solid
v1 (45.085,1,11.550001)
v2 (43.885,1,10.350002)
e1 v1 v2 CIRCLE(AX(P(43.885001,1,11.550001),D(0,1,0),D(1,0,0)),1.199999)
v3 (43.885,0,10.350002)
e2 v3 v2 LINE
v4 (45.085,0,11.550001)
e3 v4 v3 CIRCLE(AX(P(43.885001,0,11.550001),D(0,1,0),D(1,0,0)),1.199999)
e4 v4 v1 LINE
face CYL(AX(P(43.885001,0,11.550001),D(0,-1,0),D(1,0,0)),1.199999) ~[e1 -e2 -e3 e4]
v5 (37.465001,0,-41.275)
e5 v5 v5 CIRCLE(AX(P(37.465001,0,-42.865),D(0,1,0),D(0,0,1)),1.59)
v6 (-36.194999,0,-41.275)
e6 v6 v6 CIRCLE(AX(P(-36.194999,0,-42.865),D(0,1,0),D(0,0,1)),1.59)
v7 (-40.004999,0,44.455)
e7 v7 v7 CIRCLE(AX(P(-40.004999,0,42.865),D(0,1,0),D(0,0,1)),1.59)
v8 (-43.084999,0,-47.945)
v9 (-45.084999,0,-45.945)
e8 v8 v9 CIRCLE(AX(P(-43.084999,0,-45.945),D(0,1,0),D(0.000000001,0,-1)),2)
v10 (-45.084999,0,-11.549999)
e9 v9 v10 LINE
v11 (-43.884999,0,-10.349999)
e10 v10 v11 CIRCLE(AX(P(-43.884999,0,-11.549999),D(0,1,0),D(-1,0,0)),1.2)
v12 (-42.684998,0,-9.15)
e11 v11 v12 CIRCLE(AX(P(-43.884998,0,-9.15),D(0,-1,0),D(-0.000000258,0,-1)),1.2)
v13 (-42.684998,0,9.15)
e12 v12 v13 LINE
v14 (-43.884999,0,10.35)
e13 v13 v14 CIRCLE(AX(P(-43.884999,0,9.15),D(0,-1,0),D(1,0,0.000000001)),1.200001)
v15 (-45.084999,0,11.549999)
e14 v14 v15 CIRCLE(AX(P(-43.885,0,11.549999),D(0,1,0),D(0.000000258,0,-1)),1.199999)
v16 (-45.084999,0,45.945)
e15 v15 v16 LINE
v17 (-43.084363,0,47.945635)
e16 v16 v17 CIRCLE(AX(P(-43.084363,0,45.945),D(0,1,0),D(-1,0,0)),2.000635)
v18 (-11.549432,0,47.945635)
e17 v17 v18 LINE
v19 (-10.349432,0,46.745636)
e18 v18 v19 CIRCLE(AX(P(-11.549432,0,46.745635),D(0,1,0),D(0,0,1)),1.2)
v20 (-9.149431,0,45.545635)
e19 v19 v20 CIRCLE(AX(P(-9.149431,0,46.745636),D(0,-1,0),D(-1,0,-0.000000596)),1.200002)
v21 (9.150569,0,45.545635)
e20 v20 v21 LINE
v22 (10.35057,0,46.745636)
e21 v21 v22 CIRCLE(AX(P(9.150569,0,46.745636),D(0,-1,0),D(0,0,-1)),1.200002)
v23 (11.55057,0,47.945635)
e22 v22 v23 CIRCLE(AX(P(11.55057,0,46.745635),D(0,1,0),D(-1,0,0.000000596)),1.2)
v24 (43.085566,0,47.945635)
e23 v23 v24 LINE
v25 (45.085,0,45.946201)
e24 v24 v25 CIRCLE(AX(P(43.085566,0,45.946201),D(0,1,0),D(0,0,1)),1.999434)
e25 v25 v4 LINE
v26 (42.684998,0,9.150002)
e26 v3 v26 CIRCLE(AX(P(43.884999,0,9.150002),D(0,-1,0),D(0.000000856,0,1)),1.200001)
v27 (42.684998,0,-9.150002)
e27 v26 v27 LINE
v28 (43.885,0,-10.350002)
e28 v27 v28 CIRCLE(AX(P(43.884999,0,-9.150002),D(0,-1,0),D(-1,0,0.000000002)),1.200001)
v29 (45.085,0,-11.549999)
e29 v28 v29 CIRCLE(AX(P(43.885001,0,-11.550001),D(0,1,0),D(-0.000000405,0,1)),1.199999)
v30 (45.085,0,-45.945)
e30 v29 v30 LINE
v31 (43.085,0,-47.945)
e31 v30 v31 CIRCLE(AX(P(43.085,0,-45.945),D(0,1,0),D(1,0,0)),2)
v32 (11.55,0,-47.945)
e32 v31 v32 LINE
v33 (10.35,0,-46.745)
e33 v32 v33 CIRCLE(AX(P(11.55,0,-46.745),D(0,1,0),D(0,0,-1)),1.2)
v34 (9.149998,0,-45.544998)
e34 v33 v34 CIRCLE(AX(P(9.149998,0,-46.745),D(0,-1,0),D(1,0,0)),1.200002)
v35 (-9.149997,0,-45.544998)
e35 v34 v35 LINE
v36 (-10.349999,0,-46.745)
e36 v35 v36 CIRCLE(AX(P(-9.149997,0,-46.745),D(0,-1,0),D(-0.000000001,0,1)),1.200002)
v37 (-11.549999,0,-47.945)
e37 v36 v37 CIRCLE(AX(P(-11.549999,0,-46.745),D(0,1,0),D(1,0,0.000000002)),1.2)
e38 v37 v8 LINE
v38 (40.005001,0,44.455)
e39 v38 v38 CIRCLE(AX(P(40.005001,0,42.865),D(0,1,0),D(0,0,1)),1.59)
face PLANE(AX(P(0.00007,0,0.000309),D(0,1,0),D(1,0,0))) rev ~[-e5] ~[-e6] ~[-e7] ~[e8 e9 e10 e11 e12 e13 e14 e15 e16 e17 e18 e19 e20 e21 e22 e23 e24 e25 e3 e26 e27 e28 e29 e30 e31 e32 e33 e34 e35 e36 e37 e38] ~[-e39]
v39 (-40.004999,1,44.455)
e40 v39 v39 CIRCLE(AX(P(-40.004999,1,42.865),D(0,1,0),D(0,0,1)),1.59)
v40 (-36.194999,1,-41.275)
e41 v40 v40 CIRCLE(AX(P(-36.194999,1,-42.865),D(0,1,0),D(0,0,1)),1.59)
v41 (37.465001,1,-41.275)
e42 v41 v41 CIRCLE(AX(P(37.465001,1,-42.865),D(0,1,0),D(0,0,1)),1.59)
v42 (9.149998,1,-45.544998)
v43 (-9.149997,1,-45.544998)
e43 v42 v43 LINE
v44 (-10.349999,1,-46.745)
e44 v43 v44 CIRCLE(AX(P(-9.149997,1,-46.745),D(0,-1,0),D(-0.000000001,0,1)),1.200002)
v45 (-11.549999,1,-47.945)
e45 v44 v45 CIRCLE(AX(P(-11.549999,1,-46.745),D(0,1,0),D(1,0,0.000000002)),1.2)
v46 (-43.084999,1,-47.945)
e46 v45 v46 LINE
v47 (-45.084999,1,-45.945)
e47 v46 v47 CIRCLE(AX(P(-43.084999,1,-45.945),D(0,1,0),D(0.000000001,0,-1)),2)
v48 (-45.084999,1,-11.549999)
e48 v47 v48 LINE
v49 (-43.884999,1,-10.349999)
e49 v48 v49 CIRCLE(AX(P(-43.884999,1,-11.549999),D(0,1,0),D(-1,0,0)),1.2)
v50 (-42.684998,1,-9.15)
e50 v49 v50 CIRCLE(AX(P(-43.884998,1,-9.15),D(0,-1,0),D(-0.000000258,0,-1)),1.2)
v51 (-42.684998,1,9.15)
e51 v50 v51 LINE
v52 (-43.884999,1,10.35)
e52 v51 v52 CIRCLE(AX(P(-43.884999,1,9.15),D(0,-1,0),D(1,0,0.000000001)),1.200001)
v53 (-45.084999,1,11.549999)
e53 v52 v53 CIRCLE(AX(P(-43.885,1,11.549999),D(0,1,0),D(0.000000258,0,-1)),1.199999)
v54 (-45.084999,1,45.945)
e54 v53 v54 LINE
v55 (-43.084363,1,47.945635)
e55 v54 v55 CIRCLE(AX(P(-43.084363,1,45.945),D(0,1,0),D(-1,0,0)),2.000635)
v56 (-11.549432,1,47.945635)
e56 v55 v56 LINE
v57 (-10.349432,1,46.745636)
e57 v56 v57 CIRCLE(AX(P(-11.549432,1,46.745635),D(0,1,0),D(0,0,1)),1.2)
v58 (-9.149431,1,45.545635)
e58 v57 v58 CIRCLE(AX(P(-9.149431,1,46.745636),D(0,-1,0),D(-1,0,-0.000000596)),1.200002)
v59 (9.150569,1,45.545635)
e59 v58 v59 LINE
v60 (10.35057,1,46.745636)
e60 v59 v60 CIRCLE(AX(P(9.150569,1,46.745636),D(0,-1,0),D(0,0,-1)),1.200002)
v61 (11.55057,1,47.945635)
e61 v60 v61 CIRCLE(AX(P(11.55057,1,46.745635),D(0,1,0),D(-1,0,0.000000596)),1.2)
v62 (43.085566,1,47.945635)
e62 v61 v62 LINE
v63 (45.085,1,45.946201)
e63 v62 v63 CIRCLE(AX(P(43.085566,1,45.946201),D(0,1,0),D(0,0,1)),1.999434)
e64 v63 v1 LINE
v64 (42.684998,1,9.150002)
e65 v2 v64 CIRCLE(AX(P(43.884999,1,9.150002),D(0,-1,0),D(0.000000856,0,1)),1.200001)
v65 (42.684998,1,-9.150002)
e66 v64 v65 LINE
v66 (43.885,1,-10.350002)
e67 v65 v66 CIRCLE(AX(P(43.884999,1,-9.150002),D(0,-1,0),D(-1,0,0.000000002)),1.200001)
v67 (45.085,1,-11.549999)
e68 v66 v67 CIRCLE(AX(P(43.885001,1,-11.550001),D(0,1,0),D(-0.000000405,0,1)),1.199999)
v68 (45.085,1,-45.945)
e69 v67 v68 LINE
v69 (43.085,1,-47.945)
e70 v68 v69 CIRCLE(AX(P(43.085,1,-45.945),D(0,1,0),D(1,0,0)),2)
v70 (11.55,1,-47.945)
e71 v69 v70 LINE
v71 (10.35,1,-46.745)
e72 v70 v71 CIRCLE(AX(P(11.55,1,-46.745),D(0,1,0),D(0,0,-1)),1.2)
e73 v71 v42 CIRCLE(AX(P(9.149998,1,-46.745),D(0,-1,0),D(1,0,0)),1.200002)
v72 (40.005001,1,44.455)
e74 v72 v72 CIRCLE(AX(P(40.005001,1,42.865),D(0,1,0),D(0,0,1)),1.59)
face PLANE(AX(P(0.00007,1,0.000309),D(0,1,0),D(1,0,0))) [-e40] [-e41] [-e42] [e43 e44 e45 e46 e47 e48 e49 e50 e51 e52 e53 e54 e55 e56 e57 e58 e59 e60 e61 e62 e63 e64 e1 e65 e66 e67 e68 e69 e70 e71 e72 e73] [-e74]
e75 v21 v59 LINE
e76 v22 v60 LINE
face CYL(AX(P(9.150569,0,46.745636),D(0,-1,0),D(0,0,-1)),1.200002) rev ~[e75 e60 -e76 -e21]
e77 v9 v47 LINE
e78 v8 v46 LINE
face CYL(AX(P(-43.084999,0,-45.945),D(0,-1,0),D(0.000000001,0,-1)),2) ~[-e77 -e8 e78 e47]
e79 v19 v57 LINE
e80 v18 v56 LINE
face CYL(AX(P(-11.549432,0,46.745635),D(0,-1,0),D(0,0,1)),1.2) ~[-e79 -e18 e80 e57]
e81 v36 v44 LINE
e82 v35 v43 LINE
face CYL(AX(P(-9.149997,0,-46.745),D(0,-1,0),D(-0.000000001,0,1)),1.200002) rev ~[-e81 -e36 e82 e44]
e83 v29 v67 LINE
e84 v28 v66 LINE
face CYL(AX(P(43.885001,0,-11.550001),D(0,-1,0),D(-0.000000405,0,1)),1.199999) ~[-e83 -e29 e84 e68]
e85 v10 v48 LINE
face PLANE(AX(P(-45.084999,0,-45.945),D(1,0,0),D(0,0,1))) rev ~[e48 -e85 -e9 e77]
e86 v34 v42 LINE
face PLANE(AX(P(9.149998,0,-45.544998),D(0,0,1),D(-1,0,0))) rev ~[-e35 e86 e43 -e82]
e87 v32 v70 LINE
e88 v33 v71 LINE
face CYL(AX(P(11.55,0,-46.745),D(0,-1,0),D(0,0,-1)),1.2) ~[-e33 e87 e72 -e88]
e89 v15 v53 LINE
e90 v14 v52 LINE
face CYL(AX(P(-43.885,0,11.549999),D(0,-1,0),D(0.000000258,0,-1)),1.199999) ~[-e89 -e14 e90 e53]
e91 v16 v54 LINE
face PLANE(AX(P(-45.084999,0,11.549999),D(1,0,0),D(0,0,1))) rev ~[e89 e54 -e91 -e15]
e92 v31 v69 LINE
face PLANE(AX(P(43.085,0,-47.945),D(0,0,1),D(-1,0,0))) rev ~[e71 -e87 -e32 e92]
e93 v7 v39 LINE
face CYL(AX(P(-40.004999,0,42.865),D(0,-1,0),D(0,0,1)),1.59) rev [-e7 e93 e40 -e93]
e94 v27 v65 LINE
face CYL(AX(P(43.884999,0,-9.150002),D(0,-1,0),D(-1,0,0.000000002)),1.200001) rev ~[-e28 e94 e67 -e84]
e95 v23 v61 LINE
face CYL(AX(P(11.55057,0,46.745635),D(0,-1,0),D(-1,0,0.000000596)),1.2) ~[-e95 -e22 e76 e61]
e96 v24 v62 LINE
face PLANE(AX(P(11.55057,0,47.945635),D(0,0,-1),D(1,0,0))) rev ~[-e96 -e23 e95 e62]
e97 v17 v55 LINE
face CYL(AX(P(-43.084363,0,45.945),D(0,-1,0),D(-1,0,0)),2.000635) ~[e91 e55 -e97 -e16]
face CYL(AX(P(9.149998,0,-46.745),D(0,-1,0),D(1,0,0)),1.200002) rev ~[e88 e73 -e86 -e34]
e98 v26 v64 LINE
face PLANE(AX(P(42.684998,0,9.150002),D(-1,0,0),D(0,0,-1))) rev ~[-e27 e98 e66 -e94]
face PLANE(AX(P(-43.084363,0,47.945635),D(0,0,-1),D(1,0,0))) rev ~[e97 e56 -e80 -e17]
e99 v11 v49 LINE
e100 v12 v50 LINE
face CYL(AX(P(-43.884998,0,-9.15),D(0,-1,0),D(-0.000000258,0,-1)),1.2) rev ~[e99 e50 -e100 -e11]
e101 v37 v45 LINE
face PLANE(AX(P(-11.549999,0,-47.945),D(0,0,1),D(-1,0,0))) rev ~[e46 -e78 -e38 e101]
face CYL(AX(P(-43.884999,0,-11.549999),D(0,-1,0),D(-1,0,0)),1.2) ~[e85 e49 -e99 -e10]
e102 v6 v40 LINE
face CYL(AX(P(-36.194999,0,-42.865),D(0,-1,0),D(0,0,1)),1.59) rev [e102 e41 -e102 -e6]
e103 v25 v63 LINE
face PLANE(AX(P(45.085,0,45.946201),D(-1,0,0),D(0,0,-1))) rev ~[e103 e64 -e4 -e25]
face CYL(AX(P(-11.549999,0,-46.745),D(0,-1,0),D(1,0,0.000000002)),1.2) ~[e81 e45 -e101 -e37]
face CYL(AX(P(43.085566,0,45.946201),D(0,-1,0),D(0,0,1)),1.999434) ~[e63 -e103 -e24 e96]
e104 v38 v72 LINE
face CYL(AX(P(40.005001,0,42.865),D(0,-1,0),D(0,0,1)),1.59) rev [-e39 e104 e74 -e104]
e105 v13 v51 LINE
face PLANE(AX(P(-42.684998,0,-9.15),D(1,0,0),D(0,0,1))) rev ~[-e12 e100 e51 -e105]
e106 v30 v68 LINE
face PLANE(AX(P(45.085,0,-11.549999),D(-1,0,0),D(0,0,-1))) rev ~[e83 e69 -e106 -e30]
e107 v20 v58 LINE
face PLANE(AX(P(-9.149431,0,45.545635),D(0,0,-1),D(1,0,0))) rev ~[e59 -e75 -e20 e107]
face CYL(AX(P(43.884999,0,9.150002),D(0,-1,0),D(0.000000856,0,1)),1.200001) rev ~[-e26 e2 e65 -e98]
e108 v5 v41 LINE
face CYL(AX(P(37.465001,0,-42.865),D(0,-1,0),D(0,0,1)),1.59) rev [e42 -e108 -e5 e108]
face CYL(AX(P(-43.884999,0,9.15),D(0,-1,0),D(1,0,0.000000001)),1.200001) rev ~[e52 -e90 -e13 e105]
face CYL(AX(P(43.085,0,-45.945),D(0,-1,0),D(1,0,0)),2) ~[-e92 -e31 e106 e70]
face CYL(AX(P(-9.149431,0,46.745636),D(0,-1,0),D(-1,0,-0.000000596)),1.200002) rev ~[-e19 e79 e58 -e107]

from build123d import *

# Parameters (mm, degrees)
SKETCH_1_R      = 1.59
EXTRUDE_1_DEPTH = 1


with BuildPart() as part:
    # Эскиз1 → Бобышка-Вытянуть1 (new body)
    with BuildSketch(Plane(origin=(0, 0, 0), x_dir=(1, 0, 0), z_dir=(0, 1, 0))):
        with BuildLine():
            Line((-45.084998549, -11.549999236), (-45.084998549, -45.944999694))
            ThreePointArc((-45.084998549, -45.944999694), (-44.499026016, -47.35966253), (-43.084363181, -47.945635063))
            Line((-43.084363181, -47.945635063), (-11.549432233, -47.945635063))
            ThreePointArc((-11.549432233, -47.945635063), (-10.700904348, -47.594163453), (-10.349432233, -46.745635778))
            ThreePointArc((-10.349432233, -46.745635778), (-9.997959671, -45.897107024), (-9.149430707, -45.545634967))
            Line((-9.149430707, -45.545634967), (9.15056853, -45.545634967))
            ThreePointArc((9.15056853, -45.545634967), (9.999097494, -45.897107024), (10.350570056, -46.745635778))
            ThreePointArc((10.350570056, -46.745635778), (10.702042171, -47.594163453), (11.550570056, -47.945635063))
            Line((11.550570056, -47.945635063), (43.085566089, -47.945635063))
            ThreePointArc((43.085566089, -47.945635063), (44.499379352, -47.360014435), (45.08499998, -45.946201172))
            Line((45.08499998, -45.946201172), (45.08499998, -11.550001001))
            ThreePointArc((45.08499998, -11.550001001), (44.73352809, -10.70147331), (43.885000099, -10.350002145))
            ThreePointArc((43.885000099, -10.350002145), (43.03647086, -9.998530464), (42.684998454, -9.150001525))
            Line((42.684998454, -9.150001525), (42.684998454, 9.150001525))
            ThreePointArc((42.684998454, 9.150001525), (43.03647086, 9.998530464), (43.885000099, 10.350002145))
            ThreePointArc((43.885000099, 10.350002145), (44.733527178, 10.701472863), (45.08499962, 11.549999228))
            Line((45.08499962, 11.549999228), (45.08499962, 45.944999694))
            ThreePointArc((45.08499962, 45.944999694), (44.499213182, 47.359213257), (43.08499962, 47.944999694))
            Line((43.08499962, 47.944999694), (11.549999772, 47.944999694))
            ThreePointArc((11.549999772, 47.944999694), (10.701471635, 47.593527832), (10.349999772, 46.744999694))
            ThreePointArc((10.349999772, 46.744999694), (9.998527463, 45.896470478), (9.149998246, 45.544998168))
            Line((9.149998246, 45.544998168), (-9.149997176, 45.544998168))
            ThreePointArc((-9.149997176, 45.544998168), (-9.998526392, 45.896470478), (-10.349998702, 46.744999694))
            ThreePointArc((-10.349998702, 46.744999694), (-10.701470564, 47.593527832), (-11.549998702, 47.944999694))
            Line((-11.549998702, 47.944999694), (-43.084998549, 47.944999694))
            ThreePointArc((-43.084998549, 47.944999694), (-44.499212112, 47.359213257), (-45.084998549, 45.944999694))
            Line((-45.084998549, 45.944999694), (-45.084998549, 11.549999236))
            ThreePointArc((-45.084998549, 11.549999236), (-44.733526654, 10.701471175), (-43.884998501, 10.349999499))
            ThreePointArc((-43.884998501, 10.349999499), (-43.036470349, 9.998527823), (-42.684998454, 9.149999761))
            Line((-42.684998454, 9.149999761), (-42.684998454, -9.149999761))
            ThreePointArc((-42.684998454, -9.149999761), (-43.036470608, -9.998528446), (-43.884999384, -10.350000381))
            ThreePointArc((-43.884999384, -10.350000381), (-44.733526912, -10.701471799), (-45.084998549, -11.549999236))
        make_face()
        with Locations(Location((37.465001451, 42.865000306, 0), (0, 0, 270))):
            Circle(SKETCH_1_R, mode=Mode.SUBTRACT)
        with Locations(Location((40.005001451, -42.864999694, 0), (0, 0, 270))):
            Circle(SKETCH_1_R, mode=Mode.SUBTRACT)
        with Locations(Location((-40.004998549, -42.864999694, 0), (0, 0, 270))):
            Circle(SKETCH_1_R, mode=Mode.SUBTRACT)
        with Locations(Location((-36.194998549, 42.865000306, 0), (0, 0, 270))):
            Circle(SKETCH_1_R, mode=Mode.SUBTRACT)
    extrude(amount=EXTRUDE_1_DEPTH)


solid = part.part
